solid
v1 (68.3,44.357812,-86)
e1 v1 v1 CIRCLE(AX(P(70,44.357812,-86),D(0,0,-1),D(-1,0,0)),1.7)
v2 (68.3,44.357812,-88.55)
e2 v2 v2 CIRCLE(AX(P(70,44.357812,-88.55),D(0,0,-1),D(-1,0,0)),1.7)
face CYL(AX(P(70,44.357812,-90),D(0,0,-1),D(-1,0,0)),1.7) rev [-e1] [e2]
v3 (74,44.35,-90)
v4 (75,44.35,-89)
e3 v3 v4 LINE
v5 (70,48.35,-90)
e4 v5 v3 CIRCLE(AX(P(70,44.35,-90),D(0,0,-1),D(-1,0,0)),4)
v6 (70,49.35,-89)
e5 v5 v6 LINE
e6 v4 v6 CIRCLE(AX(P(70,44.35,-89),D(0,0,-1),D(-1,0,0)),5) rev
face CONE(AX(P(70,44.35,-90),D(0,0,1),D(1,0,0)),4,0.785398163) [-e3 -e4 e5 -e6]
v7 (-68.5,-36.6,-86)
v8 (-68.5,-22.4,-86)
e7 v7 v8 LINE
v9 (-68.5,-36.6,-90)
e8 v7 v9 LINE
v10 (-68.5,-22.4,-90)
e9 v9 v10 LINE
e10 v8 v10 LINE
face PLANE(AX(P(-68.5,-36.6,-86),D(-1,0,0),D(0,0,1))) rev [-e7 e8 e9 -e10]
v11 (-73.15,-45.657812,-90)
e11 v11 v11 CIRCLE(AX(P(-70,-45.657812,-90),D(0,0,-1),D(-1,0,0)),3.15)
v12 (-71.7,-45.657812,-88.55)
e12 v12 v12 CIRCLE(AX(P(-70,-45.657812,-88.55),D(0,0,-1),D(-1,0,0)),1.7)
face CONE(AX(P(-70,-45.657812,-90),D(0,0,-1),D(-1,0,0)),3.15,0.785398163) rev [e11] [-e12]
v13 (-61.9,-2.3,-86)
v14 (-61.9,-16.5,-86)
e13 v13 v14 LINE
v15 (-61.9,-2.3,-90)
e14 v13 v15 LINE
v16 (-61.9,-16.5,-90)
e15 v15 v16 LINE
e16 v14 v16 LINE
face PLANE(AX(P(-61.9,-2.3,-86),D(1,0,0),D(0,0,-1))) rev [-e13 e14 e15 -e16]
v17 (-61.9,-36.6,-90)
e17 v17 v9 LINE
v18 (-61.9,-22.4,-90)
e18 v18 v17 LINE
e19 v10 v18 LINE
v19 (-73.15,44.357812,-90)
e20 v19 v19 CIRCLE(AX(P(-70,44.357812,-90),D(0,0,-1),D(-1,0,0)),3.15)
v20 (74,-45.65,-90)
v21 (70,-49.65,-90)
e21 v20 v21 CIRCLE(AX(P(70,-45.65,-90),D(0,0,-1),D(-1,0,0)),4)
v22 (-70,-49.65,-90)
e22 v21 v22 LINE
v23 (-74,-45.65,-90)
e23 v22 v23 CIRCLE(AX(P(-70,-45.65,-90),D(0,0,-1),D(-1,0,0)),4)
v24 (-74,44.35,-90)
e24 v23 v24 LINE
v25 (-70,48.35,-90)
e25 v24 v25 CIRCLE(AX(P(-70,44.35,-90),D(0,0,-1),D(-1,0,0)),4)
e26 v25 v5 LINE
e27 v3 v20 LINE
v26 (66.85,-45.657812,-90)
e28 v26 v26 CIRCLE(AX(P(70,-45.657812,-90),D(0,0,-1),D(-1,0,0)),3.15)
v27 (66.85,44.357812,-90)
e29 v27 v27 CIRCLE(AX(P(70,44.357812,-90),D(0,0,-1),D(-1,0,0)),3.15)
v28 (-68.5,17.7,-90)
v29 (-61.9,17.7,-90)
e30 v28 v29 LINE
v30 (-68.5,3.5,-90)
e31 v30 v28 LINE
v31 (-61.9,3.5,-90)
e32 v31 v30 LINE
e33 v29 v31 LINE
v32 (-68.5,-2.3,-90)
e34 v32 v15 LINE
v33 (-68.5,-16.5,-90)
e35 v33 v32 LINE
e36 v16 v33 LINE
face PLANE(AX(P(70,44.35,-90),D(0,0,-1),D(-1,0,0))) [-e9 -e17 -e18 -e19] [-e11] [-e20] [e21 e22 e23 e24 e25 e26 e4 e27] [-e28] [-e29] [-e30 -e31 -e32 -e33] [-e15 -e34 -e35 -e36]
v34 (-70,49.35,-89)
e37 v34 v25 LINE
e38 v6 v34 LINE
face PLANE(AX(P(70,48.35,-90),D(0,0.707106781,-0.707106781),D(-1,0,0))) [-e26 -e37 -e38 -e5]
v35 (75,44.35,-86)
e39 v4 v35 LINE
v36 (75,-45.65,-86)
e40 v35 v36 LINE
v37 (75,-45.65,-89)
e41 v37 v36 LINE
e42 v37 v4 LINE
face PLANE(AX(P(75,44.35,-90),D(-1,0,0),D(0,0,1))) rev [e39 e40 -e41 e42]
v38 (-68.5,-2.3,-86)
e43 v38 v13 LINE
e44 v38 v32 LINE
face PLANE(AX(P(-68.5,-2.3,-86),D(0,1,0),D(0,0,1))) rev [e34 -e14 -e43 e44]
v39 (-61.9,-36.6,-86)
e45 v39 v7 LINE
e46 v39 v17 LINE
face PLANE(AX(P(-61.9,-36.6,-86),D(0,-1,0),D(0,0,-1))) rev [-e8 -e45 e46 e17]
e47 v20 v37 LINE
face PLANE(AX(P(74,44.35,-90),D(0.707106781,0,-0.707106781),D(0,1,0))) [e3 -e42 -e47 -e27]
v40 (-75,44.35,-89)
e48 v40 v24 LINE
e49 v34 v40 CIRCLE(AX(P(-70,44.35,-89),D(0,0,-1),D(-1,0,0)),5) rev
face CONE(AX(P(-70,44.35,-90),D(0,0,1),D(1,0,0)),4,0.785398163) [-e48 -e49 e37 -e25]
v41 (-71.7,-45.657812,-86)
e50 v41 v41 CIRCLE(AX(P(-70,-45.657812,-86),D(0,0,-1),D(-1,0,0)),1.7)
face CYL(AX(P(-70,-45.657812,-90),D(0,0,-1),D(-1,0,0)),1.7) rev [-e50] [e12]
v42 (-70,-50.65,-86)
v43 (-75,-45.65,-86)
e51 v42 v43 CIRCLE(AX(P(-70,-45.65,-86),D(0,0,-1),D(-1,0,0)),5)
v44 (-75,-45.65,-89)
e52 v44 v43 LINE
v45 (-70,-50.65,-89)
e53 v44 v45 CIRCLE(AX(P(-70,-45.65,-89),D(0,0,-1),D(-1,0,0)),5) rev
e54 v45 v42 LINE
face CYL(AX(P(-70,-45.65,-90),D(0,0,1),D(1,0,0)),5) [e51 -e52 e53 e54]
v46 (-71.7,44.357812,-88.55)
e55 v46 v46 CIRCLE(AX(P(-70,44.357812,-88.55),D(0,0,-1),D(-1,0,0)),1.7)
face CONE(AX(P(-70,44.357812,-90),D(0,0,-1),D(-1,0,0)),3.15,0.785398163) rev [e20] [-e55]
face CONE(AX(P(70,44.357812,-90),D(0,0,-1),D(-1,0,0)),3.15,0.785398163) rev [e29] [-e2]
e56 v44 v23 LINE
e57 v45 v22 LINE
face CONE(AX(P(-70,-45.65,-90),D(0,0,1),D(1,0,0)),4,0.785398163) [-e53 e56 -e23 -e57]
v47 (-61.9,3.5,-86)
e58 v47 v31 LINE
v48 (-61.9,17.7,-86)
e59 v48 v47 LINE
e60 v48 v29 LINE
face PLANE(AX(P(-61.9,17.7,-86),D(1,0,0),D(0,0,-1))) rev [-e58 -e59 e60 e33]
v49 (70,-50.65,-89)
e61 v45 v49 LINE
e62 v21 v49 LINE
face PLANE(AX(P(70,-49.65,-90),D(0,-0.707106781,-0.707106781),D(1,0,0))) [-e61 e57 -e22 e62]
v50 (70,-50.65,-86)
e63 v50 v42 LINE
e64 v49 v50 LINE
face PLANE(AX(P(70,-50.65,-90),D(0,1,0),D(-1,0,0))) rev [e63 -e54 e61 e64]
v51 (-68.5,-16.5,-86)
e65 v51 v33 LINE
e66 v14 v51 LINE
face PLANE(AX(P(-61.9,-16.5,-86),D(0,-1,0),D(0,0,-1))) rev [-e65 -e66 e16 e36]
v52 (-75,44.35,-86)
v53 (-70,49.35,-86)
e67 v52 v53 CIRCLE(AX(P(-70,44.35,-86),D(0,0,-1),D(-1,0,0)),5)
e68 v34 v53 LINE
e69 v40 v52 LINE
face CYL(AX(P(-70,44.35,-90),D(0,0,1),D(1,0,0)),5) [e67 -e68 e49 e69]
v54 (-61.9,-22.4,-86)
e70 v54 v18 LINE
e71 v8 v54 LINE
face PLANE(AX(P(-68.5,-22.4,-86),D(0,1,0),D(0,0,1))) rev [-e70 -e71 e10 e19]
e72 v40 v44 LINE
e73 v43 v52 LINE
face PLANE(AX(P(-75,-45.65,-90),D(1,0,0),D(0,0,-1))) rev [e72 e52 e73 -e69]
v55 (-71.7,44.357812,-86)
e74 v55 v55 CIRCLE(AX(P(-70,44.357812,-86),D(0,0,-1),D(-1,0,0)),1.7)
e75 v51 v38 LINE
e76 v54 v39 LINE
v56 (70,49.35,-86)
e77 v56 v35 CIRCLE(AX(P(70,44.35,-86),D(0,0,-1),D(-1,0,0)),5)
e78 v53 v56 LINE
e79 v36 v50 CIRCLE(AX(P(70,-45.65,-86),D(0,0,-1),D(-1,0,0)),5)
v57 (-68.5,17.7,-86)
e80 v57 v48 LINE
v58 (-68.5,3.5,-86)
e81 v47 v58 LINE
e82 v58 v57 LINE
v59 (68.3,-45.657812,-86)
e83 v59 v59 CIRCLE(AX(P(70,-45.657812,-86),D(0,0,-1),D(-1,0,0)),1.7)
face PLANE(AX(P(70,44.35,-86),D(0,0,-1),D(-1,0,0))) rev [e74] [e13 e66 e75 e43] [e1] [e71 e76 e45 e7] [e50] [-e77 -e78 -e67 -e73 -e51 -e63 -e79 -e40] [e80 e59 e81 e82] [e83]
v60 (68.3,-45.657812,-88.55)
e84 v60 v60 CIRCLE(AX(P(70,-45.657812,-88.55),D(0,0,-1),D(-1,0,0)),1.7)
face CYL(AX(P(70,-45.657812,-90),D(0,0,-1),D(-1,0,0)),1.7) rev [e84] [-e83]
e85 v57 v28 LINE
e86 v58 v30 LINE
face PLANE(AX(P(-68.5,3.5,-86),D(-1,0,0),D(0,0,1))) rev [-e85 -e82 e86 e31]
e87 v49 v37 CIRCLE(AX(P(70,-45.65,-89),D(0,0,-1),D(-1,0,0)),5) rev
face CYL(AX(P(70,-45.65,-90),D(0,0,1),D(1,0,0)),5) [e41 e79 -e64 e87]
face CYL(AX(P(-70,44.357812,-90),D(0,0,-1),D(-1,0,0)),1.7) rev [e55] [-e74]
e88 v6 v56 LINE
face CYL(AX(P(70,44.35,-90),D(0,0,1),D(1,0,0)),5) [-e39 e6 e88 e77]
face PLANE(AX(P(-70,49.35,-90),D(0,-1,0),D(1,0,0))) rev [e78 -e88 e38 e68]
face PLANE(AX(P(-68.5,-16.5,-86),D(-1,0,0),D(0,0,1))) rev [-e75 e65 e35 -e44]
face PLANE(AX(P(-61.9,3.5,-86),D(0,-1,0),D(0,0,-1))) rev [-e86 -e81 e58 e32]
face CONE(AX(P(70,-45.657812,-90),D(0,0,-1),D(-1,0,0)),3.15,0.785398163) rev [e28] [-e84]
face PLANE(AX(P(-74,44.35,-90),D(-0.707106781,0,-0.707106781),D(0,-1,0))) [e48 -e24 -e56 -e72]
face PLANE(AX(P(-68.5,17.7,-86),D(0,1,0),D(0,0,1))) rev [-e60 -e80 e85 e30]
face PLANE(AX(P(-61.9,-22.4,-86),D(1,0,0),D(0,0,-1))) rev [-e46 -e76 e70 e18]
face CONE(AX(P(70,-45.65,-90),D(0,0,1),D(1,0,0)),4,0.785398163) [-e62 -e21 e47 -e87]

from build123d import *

# Parameters (mm, degrees)
P_IDAT_VYSUNUT_M1_DEPTH                           = 4
KU_ELOV_ZAHLOUBEN_PRO_M3_ROUBU_SE_Z_P_D           = 3.4
KU_ELOV_ZAHLOUBEN_PRO_M3_ROUBU_SE_Z_P_CSINK_D     = 6.3
KU_ELOV_ZAHLOUBEN_PRO_M3_ROUBU_SE_Z_P_CSINK_ANGLE = 90
ZKOSEN_1_SIZE                                     = 1
SKICA4_W                                          = 6.6
SKICA4_H                                          = 14.2
ODEBRAT_VYSUNUT_M1_DEPTH                          = 91.589306764


with BuildPart() as part:
    # Skica1 → Přidat vysunutím1 (new body)
    with BuildSketch(Plane(origin=(0, 0, -86), x_dir=(-1, 0, 0), z_dir=(0, 0, -1))):
        with BuildLine():
            Line((-75, 44.35), (-75, -45.65))
            ThreePointArc((-75, -45.65), (-73.535533906, -49.185533906), (-70, -50.65))
            Line((-70, -50.65), (70, -50.65))
            ThreePointArc((70, -50.65), (73.535533906, -49.185533906), (75, -45.65))
            Line((75, -45.65), (75, 44.35))
            ThreePointArc((75, 44.35), (73.535533906, 47.885533906), (70, 49.35))
            Line((70, 49.35), (-70, 49.35))
            ThreePointArc((-70, 49.35), (-73.535533906, 47.885533906), (-75, 44.35))
        make_face()
    extrude(amount=P_IDAT_VYSUNUT_M1_DEPTH)

    # Kuželové zahloubení pro M3 šroubu se zápustnou hlavou plochou1 (through all)
    with Locations(Plane(origin=(0, 0, -90), x_dir=(-1, 0, 0), z_dir=(0, 0, -1))):
        with Locations((70, -45.657811951), (70, 44.357811951), (-70, 44.357811951), (-70, -45.657811951)):
            CounterSinkHole(KU_ELOV_ZAHLOUBEN_PRO_M3_ROUBU_SE_Z_P_D / 2, KU_ELOV_ZAHLOUBEN_PRO_M3_ROUBU_SE_Z_P_CSINK_D / 2, counter_sink_angle=KU_ELOV_ZAHLOUBEN_PRO_M3_ROUBU_SE_Z_P_CSINK_ANGLE)

    # Zkosení1
    zkosen_1_edges = [part.edges().sort_by_distance(p)[0] for p in [
        (73.535533906, -49.185533906, -90),
        (0, -50.65, -90),
        (-73.535533906, -49.185533906, -90),
        (-75, -0.65, -90),
        (-73.535533906, 47.885533906, -90),
        (0, 49.35, -90),
        (73.535533906, 47.885533906, -90),
        (75, -0.65, -90),
    ]]
    chamfer(zkosen_1_edges, length=ZKOSEN_1_SIZE)

    # Skica4 → Odebrat vysunutím1 (cut, through all)
    with BuildSketch(Plane(origin=(0, 0, -90), x_dir=(-1, 0, 0), z_dir=(0, 0, -1))):
        with Locations((65.2, -29.5)):
            Rectangle(SKICA4_W, SKICA4_H)
        with Locations((65.2, -9.4)):
            Rectangle(SKICA4_W, SKICA4_H)
        with Locations((65.2, 10.6)):
            Rectangle(SKICA4_W, SKICA4_H)
    extrude(amount=-ODEBRAT_VYSUNUT_M1_DEPTH, mode=Mode.SUBTRACT)


solid = part.part
